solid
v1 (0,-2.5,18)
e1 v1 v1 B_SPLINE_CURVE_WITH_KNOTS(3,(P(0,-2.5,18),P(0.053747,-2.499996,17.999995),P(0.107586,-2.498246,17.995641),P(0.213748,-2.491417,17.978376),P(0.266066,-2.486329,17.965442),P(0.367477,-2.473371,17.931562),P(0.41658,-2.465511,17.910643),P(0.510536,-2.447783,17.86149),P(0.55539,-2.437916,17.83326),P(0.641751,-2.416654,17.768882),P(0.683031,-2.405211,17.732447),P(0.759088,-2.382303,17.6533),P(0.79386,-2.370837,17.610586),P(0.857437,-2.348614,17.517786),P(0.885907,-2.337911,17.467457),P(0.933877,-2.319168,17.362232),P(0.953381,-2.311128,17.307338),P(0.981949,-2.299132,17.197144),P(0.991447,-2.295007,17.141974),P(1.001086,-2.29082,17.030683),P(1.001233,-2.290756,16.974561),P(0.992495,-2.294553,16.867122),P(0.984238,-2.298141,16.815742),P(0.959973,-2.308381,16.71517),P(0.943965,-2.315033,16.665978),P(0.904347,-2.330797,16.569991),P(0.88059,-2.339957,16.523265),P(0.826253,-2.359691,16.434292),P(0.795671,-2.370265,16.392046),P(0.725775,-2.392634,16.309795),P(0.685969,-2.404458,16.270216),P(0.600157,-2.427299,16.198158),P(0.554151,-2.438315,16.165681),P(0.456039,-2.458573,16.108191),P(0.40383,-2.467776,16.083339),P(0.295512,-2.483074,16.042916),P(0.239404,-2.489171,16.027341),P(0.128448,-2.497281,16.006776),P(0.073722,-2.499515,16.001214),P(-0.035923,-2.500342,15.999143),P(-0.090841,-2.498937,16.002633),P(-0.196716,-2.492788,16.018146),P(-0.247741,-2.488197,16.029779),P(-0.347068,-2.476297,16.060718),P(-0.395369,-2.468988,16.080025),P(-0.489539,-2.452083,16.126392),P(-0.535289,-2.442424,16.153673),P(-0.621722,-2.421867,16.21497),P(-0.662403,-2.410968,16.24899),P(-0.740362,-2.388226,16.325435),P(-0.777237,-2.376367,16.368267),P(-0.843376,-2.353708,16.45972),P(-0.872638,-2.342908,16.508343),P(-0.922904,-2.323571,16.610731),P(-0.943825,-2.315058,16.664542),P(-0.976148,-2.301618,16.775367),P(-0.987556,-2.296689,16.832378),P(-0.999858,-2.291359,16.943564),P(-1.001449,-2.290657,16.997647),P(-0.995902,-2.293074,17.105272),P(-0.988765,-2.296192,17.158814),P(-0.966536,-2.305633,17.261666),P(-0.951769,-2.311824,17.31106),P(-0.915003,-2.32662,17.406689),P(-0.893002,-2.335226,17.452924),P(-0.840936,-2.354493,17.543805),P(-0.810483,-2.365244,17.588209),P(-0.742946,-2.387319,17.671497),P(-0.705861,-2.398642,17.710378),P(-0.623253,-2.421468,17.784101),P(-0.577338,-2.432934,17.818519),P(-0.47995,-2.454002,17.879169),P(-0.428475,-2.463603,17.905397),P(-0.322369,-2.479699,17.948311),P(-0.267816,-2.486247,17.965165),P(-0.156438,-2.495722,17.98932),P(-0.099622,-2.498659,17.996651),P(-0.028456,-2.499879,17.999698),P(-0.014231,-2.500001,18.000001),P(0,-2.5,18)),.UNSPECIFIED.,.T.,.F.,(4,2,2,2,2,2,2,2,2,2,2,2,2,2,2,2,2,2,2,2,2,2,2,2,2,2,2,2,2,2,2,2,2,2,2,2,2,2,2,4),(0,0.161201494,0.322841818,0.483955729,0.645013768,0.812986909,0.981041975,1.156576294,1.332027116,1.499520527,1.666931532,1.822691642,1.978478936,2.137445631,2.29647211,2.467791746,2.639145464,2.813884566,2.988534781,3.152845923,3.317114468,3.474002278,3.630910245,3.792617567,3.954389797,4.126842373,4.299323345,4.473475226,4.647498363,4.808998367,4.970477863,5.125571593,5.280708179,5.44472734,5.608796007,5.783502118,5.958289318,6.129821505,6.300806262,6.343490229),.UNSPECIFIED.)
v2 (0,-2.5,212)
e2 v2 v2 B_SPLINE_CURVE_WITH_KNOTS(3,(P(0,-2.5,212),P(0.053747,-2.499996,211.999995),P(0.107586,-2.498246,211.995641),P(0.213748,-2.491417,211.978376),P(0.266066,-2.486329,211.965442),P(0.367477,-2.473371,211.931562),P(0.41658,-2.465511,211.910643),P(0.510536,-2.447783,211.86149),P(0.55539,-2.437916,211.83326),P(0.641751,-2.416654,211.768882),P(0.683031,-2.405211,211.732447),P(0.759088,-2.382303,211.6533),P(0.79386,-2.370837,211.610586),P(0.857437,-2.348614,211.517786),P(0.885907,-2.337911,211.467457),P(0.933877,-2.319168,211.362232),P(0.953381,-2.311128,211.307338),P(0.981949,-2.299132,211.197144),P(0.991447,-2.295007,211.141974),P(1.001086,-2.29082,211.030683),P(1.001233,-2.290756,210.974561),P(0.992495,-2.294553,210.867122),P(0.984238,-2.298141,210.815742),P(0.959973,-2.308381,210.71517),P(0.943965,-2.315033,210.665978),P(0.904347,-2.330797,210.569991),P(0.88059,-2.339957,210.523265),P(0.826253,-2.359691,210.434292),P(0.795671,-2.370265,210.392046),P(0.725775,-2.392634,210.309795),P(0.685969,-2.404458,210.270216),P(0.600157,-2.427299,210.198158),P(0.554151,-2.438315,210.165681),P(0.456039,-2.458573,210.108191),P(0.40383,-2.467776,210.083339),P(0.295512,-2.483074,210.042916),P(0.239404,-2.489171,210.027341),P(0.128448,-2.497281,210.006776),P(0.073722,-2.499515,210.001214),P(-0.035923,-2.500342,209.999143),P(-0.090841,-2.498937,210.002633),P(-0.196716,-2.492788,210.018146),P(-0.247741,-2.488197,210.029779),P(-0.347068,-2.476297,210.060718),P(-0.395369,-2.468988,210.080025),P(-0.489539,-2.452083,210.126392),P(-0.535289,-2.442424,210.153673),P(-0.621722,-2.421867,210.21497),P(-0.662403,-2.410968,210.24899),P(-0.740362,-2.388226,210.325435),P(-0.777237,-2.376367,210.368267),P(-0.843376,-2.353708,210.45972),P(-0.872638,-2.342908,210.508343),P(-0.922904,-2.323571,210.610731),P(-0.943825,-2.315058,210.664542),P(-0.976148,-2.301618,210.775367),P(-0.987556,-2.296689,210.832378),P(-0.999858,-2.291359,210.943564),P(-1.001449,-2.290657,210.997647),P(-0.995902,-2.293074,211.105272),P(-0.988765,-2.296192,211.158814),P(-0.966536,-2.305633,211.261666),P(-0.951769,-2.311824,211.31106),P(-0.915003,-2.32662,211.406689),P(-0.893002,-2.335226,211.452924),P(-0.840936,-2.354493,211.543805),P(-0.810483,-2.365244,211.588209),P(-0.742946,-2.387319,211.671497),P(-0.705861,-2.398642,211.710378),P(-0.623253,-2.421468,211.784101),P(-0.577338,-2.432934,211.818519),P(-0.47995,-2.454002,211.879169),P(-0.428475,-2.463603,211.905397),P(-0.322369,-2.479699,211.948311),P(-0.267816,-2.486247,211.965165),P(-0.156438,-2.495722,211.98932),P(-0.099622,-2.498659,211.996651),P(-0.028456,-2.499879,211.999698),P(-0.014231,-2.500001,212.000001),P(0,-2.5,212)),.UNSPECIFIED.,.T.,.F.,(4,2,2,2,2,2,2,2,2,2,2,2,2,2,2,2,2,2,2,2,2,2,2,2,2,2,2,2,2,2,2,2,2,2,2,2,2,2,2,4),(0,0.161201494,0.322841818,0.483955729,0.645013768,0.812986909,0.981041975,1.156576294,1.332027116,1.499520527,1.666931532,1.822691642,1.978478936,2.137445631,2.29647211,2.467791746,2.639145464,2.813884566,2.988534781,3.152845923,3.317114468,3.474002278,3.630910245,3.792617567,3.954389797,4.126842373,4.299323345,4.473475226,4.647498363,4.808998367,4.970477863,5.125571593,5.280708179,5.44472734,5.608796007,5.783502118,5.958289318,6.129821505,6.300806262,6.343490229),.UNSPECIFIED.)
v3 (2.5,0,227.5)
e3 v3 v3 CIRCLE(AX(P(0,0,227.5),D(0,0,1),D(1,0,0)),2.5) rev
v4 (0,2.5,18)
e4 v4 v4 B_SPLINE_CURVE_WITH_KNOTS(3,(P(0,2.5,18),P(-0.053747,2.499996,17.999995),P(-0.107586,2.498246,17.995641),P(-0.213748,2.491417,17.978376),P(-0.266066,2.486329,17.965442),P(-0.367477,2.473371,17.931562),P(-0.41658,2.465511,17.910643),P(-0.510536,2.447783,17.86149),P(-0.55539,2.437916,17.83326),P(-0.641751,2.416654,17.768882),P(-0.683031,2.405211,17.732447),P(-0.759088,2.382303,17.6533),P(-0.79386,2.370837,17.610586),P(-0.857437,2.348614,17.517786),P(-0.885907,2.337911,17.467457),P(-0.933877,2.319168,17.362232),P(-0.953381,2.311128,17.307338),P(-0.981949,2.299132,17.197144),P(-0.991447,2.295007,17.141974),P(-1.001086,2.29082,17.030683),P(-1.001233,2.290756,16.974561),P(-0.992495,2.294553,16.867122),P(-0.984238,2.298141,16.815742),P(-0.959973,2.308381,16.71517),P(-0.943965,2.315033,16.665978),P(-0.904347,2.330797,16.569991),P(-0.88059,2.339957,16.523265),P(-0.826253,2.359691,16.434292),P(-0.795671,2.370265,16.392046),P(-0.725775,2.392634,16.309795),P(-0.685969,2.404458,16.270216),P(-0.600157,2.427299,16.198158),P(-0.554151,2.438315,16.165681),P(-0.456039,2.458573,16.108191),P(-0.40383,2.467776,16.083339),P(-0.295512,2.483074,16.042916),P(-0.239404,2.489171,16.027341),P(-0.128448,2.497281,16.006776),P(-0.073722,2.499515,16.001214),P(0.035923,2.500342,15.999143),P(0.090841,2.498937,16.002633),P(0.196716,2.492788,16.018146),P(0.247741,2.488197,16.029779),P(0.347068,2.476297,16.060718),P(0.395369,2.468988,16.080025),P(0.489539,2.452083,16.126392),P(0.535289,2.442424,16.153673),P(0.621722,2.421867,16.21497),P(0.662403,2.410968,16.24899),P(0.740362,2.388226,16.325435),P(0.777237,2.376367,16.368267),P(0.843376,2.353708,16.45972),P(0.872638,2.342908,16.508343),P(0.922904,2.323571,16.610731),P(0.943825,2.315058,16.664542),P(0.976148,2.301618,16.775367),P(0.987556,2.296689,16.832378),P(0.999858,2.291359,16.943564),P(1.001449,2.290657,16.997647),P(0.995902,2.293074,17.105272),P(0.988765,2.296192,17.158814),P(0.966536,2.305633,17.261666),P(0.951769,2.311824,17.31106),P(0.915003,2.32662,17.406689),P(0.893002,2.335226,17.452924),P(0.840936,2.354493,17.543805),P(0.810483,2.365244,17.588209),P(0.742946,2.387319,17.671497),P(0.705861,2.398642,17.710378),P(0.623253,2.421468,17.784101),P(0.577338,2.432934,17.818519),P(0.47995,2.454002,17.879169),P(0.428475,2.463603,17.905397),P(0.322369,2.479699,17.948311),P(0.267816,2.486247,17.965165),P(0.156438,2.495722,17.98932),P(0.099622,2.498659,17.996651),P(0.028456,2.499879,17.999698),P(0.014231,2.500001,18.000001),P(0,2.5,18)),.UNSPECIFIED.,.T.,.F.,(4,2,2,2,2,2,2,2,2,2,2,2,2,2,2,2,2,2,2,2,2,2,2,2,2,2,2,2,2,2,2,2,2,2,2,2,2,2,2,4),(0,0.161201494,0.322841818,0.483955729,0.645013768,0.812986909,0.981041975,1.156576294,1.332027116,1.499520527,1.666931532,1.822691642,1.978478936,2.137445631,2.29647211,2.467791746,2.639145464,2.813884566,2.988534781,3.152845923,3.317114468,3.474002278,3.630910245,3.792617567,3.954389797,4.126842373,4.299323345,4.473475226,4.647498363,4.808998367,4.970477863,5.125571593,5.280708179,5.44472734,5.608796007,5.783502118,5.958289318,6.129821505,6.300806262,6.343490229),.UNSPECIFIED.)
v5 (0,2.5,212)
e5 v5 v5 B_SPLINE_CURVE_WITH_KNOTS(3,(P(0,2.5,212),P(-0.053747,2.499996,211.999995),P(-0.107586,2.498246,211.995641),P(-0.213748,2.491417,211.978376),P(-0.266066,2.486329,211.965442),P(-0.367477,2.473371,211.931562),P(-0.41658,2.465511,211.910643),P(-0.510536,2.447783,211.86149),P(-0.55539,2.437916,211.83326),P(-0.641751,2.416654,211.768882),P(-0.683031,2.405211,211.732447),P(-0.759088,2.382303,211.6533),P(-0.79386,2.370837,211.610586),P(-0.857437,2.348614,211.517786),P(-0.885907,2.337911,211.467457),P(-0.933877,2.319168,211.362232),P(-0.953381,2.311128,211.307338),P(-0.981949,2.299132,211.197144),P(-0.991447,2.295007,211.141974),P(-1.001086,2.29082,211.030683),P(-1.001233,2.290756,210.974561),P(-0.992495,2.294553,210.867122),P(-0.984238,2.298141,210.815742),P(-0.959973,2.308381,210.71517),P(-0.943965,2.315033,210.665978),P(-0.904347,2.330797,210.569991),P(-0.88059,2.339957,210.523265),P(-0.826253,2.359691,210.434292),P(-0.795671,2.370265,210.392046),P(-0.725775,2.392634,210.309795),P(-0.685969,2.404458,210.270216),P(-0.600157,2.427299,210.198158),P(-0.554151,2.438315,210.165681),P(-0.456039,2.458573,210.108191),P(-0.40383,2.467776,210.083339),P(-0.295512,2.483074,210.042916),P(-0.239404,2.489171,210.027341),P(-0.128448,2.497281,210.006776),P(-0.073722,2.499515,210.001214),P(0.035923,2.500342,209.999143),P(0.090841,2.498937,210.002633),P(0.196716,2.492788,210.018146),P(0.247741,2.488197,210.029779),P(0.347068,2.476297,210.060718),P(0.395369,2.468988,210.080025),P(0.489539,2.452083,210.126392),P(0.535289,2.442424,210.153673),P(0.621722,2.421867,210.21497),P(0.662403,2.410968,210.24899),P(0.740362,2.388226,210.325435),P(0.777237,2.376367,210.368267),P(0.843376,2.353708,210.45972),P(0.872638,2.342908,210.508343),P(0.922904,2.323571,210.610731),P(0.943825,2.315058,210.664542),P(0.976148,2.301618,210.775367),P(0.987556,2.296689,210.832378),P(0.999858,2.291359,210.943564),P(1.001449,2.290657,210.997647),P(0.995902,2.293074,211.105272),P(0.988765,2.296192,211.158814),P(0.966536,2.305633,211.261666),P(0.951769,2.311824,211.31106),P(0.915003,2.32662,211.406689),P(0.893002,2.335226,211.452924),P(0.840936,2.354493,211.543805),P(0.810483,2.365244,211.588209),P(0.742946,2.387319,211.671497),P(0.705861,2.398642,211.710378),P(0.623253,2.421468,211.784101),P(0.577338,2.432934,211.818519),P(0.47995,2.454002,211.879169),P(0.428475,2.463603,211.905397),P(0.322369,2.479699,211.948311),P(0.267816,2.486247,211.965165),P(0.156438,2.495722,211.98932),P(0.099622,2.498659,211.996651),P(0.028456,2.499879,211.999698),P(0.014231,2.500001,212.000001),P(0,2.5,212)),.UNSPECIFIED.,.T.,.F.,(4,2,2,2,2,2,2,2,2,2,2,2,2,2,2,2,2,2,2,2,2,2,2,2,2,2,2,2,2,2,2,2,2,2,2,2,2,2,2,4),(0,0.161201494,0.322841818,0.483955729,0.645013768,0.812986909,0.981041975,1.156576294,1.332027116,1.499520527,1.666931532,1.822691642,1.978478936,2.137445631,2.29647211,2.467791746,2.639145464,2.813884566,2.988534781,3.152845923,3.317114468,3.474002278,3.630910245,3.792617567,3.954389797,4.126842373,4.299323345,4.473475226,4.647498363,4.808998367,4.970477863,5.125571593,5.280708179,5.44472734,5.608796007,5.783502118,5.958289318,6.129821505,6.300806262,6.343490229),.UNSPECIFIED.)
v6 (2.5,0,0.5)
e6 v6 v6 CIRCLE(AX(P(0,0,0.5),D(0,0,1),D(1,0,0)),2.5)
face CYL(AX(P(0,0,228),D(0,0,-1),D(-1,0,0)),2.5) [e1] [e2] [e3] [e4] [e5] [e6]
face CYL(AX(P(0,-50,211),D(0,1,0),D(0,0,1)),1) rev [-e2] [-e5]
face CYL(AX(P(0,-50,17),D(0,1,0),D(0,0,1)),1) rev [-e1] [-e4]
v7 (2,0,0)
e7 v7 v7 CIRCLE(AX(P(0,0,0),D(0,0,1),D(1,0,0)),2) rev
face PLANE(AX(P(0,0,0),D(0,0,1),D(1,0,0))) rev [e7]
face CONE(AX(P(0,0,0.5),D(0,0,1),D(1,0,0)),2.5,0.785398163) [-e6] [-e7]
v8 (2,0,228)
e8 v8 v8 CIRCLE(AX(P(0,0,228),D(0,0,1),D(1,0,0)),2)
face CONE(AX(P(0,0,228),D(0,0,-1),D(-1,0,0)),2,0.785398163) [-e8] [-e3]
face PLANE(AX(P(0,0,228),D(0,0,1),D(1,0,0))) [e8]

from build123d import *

# Parameters (mm, degrees)
ESQUISSE1_R             = 2.5
BASE_EXTRUSION_DEPTH    = 228
CHANFREIN1_SIZE         = 0.5
ESQUISSE2_R             = 1
ENL_V_MAT_EXTRU_1_DEPTH = 50


with BuildPart() as part:
    # Esquisse1 → Base-Extrusion (new body)
    with BuildSketch(Plane.XY):
        Circle(ESQUISSE1_R)
    extrude(amount=BASE_EXTRUSION_DEPTH)

    # Chanfrein1
    chanfrein1_edges = [part.edges().sort_by_distance(p)[0] for p in [
        (-2.5, 0, 0),
        (-2.5, 0, 228),
    ]]
    chamfer(chanfrein1_edges, length=CHANFREIN1_SIZE)

    # Esquisse2 → Enlèv. mat.-Extru.1 (cut, symmetric)
    with BuildSketch(Plane(origin=(0, 0, 0), x_dir=(1, 0, 0), z_dir=(0, 1, 0))):
        with Locations((0, -17)):
            Circle(ESQUISSE2_R)
        with Locations((0, -211)):
            Circle(ESQUISSE2_R)
    extrude(amount=ENL_V_MAT_EXTRU_1_DEPTH, both=True, mode=Mode.SUBTRACT)


solid = part.part
